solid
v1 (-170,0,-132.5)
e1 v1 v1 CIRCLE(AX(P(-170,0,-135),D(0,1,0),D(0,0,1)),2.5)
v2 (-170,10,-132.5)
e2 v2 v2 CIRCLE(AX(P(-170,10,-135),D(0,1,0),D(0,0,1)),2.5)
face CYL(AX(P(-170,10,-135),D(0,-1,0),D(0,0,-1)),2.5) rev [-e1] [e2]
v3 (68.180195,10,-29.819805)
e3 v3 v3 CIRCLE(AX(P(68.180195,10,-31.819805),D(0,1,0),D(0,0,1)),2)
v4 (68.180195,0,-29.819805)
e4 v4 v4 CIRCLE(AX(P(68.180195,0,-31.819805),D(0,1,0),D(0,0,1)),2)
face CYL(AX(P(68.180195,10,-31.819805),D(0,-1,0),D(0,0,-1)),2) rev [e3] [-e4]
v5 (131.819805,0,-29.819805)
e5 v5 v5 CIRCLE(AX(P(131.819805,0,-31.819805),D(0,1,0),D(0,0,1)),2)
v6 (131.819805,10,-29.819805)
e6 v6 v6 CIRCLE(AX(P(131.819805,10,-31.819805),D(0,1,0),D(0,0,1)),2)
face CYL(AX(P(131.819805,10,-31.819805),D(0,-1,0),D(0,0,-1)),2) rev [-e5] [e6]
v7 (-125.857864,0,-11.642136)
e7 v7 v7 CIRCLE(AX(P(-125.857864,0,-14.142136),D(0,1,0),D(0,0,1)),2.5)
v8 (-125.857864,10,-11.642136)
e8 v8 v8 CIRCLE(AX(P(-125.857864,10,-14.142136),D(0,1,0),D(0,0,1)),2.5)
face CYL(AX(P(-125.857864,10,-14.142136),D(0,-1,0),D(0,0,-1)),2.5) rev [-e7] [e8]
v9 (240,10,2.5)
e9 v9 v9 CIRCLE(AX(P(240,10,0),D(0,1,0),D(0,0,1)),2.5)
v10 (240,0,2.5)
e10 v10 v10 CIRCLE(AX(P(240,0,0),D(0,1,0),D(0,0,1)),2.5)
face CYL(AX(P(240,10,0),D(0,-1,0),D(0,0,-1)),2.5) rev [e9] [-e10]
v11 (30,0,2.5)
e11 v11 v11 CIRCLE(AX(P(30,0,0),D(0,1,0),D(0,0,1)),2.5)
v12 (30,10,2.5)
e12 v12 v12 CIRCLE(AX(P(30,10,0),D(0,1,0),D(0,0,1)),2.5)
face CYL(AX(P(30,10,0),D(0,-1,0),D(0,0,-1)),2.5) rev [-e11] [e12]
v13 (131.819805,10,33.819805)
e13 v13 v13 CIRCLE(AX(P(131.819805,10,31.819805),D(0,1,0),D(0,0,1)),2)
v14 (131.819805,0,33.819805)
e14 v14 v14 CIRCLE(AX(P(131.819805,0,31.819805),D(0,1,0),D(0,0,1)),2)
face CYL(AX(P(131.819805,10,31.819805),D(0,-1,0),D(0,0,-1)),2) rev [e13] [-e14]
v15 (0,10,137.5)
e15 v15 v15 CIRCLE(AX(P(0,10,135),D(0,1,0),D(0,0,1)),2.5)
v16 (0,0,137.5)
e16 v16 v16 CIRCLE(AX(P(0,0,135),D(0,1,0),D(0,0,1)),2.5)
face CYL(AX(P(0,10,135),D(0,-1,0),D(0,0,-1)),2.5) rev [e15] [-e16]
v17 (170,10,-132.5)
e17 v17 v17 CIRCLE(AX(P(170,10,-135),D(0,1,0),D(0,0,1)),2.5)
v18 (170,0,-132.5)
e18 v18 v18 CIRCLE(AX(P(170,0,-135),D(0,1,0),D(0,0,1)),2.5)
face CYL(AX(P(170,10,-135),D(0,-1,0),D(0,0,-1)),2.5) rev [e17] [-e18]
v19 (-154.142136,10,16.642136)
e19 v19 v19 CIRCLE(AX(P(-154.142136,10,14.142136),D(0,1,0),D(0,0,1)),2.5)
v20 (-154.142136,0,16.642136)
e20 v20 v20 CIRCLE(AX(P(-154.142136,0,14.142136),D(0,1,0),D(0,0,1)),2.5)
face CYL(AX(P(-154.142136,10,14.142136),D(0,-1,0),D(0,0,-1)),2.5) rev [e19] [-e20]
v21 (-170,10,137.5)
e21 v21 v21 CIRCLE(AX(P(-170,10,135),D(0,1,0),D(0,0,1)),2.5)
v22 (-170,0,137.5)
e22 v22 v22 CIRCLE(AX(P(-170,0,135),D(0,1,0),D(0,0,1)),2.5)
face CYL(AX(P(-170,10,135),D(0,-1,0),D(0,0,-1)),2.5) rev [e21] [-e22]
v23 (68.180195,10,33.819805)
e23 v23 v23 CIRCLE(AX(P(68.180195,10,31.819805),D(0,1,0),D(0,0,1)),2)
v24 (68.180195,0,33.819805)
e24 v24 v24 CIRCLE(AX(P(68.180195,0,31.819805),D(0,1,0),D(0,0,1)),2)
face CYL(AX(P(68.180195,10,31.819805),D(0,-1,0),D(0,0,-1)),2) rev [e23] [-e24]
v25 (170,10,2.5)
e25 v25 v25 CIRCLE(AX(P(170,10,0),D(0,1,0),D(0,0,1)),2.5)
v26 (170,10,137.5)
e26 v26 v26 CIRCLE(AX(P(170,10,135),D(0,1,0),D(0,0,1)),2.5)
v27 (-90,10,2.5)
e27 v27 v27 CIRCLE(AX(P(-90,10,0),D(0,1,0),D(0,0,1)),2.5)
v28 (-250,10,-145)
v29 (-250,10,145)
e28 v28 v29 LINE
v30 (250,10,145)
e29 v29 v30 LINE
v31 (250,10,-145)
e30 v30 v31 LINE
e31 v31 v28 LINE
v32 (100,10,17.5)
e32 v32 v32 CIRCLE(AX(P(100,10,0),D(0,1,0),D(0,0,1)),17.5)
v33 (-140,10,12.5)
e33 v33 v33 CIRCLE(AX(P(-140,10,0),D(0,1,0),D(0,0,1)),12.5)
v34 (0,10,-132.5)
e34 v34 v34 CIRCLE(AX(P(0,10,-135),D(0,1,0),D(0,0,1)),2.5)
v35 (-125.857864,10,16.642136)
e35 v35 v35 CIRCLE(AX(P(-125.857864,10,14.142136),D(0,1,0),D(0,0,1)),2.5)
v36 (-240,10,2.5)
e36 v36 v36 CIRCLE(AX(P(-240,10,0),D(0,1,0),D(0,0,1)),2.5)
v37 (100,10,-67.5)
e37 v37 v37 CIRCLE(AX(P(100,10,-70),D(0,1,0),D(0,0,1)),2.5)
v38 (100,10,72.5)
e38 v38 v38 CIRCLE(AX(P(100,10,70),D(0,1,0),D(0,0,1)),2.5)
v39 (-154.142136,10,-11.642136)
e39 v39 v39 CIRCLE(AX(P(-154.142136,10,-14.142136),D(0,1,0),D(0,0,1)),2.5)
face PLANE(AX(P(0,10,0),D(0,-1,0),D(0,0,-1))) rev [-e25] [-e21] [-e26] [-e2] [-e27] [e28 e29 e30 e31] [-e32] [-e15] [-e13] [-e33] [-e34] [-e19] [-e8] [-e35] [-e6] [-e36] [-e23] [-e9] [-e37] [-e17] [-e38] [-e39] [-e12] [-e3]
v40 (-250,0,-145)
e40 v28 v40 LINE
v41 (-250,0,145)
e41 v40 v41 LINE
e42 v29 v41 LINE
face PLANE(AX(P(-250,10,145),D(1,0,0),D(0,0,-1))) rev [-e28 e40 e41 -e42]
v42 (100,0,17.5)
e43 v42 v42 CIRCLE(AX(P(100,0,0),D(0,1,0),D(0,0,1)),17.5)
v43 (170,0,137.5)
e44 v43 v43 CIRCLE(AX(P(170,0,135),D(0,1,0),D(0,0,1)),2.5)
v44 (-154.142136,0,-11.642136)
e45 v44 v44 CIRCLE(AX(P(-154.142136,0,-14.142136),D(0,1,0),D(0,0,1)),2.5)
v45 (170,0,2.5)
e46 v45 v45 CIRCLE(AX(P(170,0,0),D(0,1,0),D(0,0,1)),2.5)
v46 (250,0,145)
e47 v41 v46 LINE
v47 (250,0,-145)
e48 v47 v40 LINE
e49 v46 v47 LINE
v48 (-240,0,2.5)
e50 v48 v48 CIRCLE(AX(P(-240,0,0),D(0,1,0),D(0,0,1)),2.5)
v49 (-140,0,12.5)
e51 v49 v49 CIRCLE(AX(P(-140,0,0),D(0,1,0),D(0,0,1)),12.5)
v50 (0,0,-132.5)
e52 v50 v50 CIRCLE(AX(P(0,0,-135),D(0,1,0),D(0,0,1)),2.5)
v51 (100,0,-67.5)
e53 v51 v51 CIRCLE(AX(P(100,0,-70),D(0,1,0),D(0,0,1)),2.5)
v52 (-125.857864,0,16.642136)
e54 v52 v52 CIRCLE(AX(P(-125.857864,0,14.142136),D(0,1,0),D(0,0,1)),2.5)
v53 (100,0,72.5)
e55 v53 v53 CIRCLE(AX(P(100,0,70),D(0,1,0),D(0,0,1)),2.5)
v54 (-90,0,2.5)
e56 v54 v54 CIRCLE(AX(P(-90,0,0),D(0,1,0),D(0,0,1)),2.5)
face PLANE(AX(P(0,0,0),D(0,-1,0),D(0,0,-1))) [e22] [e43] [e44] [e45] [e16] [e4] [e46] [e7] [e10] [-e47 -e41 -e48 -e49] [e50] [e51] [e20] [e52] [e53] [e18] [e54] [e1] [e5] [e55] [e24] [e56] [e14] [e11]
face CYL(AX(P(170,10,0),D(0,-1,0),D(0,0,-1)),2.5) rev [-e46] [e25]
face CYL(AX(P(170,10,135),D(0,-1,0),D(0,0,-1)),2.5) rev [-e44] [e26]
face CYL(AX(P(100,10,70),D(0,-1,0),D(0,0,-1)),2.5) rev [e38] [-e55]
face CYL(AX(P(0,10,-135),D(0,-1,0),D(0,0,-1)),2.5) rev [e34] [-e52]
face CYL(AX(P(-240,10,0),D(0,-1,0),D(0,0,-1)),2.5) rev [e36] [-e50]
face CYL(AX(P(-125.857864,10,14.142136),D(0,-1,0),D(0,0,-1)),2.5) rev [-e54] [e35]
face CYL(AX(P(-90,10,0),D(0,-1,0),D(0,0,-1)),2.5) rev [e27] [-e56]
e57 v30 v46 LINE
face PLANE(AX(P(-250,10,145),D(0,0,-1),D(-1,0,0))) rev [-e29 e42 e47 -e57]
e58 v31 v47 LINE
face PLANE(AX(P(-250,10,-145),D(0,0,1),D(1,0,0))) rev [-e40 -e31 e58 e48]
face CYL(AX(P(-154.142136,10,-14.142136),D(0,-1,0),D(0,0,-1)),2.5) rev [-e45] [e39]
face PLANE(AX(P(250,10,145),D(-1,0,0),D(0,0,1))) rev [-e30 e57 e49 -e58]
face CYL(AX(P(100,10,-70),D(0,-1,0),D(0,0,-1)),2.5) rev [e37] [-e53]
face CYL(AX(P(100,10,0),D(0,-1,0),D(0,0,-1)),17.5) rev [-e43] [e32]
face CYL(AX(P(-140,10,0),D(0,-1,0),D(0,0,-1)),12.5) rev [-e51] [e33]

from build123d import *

# Parameters (mm, degrees)
SKETCH1_W           = 500
SKETCH1_H           = 290
SKETCH1_R           = 2.5
SKETCH1_R_2         = 17.5
SKETCH1_R_3         = 12.5
SKETCH1_R_4         = 2
BOSS_EXTRUDE1_DEPTH = 10


with BuildPart() as part:
    # Sketch1 → Boss-Extrude1 (new body)
    with BuildSketch(Plane(origin=(0, 0, 0), x_dir=(1, 0, 0), z_dir=(0, 1, 0))):
        Rectangle(SKETCH1_W, SKETCH1_H)
        with Locations((-240, 0)):
            Circle(SKETCH1_R, mode=Mode.SUBTRACT)
        with Locations((-90, 0)):
            Circle(SKETCH1_R, mode=Mode.SUBTRACT)
        with Locations((-170, -135)):
            Circle(SKETCH1_R, mode=Mode.SUBTRACT)
        with Locations((-170, 135)):
            Circle(SKETCH1_R, mode=Mode.SUBTRACT)
        with Locations((170, 135)):
            Circle(SKETCH1_R, mode=Mode.SUBTRACT)
        with Locations((240, 0)):
            Circle(SKETCH1_R, mode=Mode.SUBTRACT)
        with Locations((170, -135)):
            Circle(SKETCH1_R, mode=Mode.SUBTRACT)
        with Locations((0, 135)):
            Circle(SKETCH1_R, mode=Mode.SUBTRACT)
        with Locations((0, -135)):
            Circle(SKETCH1_R, mode=Mode.SUBTRACT)
        with Locations((100, 0)):
            Circle(SKETCH1_R_2, mode=Mode.SUBTRACT)
        with Locations((-140, 0)):
            Circle(SKETCH1_R_3, mode=Mode.SUBTRACT)
        with Locations((-125.857864376, 14.142135624)):
            Circle(SKETCH1_R, mode=Mode.SUBTRACT)
        with Locations((-125.857864376, -14.142135624)):
            Circle(SKETCH1_R, mode=Mode.SUBTRACT)
        with Locations((-154.142135624, -14.142135624)):
            Circle(SKETCH1_R, mode=Mode.SUBTRACT)
        with Locations((-154.142135624, 14.142135624)):
            Circle(SKETCH1_R, mode=Mode.SUBTRACT)
        with Locations((170, 0)):
            Circle(SKETCH1_R, mode=Mode.SUBTRACT)
        with Locations((131.819805153, 31.819805153)):
            Circle(SKETCH1_R_4, mode=Mode.SUBTRACT)
        with Locations((100, -70)):
            Circle(SKETCH1_R, mode=Mode.SUBTRACT)
        with Locations((30, 0)):
            Circle(SKETCH1_R, mode=Mode.SUBTRACT)
        with Locations((100, 70)):
            Circle(SKETCH1_R, mode=Mode.SUBTRACT)
        with Locations((131.819805153, -31.819805153)):
            Circle(SKETCH1_R_4, mode=Mode.SUBTRACT)
        with Locations((68.180194847, -31.819805153)):
            Circle(SKETCH1_R_4, mode=Mode.SUBTRACT)
        with Locations((68.180194847, 31.819805153)):
            Circle(SKETCH1_R_4, mode=Mode.SUBTRACT)
    extrude(amount=BOSS_EXTRUDE1_DEPTH)


solid = part.part
